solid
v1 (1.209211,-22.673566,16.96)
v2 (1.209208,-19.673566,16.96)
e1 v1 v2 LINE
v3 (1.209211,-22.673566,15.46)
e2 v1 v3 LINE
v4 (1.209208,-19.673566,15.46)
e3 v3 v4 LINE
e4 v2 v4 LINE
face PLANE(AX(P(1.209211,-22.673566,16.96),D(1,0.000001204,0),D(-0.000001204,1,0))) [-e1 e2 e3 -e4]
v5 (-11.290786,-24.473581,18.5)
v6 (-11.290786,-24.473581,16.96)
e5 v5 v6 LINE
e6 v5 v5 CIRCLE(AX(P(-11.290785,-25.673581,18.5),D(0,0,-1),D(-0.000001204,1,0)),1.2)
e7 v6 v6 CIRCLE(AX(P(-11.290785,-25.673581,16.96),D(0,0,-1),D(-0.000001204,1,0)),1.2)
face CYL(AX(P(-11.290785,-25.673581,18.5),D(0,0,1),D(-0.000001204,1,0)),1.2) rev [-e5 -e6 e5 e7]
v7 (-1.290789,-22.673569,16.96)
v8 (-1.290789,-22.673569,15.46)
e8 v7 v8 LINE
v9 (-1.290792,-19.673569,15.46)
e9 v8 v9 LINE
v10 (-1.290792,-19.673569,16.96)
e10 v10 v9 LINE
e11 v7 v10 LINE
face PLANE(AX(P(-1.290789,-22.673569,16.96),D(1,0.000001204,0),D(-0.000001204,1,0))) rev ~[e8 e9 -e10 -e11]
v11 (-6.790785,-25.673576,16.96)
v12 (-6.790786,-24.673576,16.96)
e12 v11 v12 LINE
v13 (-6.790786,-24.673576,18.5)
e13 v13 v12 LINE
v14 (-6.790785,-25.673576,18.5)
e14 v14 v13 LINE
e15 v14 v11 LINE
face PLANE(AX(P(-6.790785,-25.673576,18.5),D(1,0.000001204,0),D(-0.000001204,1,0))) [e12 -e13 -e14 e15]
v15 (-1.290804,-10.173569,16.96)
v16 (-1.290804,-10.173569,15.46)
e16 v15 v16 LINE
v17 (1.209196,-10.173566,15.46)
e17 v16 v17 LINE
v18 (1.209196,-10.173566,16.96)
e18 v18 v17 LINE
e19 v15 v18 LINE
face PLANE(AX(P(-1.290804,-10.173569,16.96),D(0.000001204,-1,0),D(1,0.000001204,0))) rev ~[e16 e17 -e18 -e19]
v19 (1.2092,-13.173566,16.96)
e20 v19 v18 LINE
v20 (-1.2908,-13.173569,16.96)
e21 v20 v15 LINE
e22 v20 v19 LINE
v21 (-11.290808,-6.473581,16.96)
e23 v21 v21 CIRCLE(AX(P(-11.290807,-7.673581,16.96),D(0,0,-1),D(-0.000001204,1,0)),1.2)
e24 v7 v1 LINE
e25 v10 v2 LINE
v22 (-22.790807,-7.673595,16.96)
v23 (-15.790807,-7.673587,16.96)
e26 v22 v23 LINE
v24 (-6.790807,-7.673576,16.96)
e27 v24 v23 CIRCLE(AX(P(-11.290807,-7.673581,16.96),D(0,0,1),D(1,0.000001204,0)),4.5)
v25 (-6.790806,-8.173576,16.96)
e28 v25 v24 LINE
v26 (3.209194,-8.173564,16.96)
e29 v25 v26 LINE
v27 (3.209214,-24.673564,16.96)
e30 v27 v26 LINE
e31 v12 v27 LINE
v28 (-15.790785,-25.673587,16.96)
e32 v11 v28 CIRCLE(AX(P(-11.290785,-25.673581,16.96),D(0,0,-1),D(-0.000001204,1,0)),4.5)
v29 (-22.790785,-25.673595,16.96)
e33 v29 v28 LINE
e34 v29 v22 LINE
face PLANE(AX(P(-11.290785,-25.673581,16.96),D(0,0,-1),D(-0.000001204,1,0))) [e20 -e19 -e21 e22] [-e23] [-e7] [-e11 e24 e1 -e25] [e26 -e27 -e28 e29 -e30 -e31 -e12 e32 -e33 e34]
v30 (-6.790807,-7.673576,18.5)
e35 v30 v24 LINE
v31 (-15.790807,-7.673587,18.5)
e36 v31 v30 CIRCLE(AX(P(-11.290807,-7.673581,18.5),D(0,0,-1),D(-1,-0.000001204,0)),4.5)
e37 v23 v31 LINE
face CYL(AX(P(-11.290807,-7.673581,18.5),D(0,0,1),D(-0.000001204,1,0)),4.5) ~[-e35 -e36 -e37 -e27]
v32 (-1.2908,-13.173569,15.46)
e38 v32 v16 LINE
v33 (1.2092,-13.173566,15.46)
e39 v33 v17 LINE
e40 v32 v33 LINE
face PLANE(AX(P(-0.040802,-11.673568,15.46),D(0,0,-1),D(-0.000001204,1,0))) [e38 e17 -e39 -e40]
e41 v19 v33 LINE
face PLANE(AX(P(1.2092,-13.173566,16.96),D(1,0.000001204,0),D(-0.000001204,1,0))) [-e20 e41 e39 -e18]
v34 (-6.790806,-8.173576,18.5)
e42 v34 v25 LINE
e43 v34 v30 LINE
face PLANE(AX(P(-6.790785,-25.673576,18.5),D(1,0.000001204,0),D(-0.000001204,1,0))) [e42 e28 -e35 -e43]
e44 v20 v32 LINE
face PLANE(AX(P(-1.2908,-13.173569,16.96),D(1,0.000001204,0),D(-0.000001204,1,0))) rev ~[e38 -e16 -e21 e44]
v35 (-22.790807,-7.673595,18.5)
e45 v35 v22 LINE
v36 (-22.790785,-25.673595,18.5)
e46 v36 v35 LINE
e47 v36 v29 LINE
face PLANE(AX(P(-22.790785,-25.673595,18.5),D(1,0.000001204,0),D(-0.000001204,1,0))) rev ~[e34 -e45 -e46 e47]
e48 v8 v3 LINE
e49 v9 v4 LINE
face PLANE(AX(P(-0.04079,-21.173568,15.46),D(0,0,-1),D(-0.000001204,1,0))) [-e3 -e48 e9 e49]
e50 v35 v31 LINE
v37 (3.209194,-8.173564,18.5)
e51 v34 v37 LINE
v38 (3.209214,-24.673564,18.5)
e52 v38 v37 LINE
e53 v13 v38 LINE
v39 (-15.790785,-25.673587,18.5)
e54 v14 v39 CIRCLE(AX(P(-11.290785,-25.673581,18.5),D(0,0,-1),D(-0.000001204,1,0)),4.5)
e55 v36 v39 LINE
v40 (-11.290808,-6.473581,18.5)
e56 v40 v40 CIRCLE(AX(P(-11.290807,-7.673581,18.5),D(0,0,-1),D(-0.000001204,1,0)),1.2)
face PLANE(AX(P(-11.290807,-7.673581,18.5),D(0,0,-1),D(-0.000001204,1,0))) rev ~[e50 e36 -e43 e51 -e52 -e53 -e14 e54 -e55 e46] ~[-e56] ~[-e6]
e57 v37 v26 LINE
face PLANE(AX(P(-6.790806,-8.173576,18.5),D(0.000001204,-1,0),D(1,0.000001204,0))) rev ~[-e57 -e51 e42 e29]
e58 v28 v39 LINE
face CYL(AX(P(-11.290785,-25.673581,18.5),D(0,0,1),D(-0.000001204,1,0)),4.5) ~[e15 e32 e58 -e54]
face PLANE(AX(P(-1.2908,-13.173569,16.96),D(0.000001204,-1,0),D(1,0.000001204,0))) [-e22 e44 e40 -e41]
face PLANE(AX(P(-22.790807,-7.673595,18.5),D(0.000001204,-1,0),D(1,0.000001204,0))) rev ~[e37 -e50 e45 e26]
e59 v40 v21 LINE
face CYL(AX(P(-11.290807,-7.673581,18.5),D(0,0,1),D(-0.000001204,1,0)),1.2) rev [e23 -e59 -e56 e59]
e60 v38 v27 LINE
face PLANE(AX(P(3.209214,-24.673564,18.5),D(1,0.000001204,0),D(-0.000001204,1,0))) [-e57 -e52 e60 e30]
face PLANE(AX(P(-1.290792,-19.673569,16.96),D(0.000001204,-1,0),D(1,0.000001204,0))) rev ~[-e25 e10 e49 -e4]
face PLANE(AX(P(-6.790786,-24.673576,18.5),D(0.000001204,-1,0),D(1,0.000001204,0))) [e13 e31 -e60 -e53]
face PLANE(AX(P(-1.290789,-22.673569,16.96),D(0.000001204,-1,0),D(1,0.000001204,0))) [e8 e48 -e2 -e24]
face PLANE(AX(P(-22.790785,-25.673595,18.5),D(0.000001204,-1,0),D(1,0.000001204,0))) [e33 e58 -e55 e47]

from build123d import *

# Parameters (mm, degrees)
BOX015_W                  = 3
BOX015_H                  = 2.5
BOX015_DEPTH              = 1.5
BOX014_W                  = 3
BOX014_H                  = 2.5
BOX014_DEPTH              = 1.5
CYLINDER009_R             = 1.2
CYLINDER009_DEPTH         = 1.54
CYLINDER010_R             = 1.2
CYLINDER010_DEPTH         = 1.54
CYLINDER011_R             = 4.5
CYLINDER011_DEPTH         = 1.54
CYLINDER012_R             = 4.5
CYLINDER012_DEPTH         = 1.54
BOX013_W                  = 18
BOX013_H                  = 16
BOX013_DEPTH              = 1.54
BOX016_W                  = 16.5
BOX016_H                  = 10
BOX016_DEPTH              = 1.54
FUSION014_ROLL_ANGLE      = 180
FUSION014_PLACEMENT_ANGLE = 90.000069


with BuildPart() as cubo015:
    # Box015 → Box015 (new body)
    with BuildSketch(Plane(origin=(12.5, 21.5, 1.54), x_dir=(1, 0, 0), z_dir=(0, 0, 1))):
        with Locations((1.5, 1.25)):
            Rectangle(BOX015_W, BOX015_H)
    extrude(amount=BOX015_DEPTH)


with BuildPart() as cubo014:
    # Box014 → Box014 (new body)
    with BuildSketch(Plane(origin=(3, 21.5, 1.54), x_dir=(1, 0, 0), z_dir=(0, 0, 1))):
        with Locations((1.5, 1.25)):
            Rectangle(BOX014_W, BOX014_H)
    extrude(amount=BOX014_DEPTH)


with BuildPart() as cilindro008:
    # Cylinder009 → Cylinder009 (new body)
    with BuildSketch(Plane(origin=(0, 11.5, 0), x_dir=(1, 0, 0), z_dir=(0, 0, 1))):
        Circle(CYLINDER009_R)
    extrude(amount=CYLINDER009_DEPTH)


with BuildPart() as cilindro009:
    # Cylinder010 → Cylinder010 (new body)
    with BuildSketch(Plane(origin=(18, 11.5, 0), x_dir=(1, 0, 0), z_dir=(0, 0, 1))):
        Circle(CYLINDER010_R)
    extrude(amount=CYLINDER010_DEPTH)


with BuildPart() as cilindro010:
    # Cylinder011 → Cylinder011 (new body)
    with BuildSketch(Plane(origin=(0, 11.5, 0), x_dir=(1, 0, 0), z_dir=(0, 0, 1))):
        Circle(CYLINDER011_R)
    extrude(amount=CYLINDER011_DEPTH)


with BuildPart() as cilindro011:
    # Cylinder012 → Cylinder012 (new body)
    with BuildSketch(Plane(origin=(18, 11.5, 0), x_dir=(1, 0, 0), z_dir=(0, 0, 1))):
        Circle(CYLINDER012_R)
    extrude(amount=CYLINDER012_DEPTH)


with BuildPart() as cubo013:
    # Box013 → Box013 (new body)
    with BuildSketch(Plane.XY):
        with Locations((9, 8)):
            Rectangle(BOX013_W, BOX013_H)
    extrude(amount=BOX013_DEPTH)


with BuildPart() as sensormodel:
    # Box016 → Box016 (new body)
    with BuildSketch(Plane(origin=(1, 16, 0), x_dir=(1, 0, 0), z_dir=(0, 0, 1))):
        with Locations((8.25, 5)):
            Rectangle(BOX016_W, BOX016_H)
    extrude(amount=BOX016_DEPTH)

    # Fusion011: union Cubo013
    add(cubo013.part)

    # Fusion012: union Cilindro011
    add(cilindro011.part)

    # Fusion013: union Cilindro010
    add(cilindro010.part)

    # Cut013: cut Cilindro009
    add(cilindro009.part, mode=Mode.SUBTRACT)

    # Cut014: cut Cilindro008
    add(cilindro008.part, mode=Mode.SUBTRACT)

    # Fusion014: union Cubo015, Cubo014
    add(cubo015.part)
    add(cubo014.part)


with BuildPart() as sensormodel_1:
    # Fusion014 roll: moved
    add(sensormodel.part.rotate(Axis((0, 0, 0), (1, 0, 0)), FUSION014_ROLL_ANGLE))


with BuildPart() as sensormodel_2:
    # Fusion014 placement: moved
    add(sensormodel_1.part.moved(Location((-22.790785, -25.673595, 18.5))).rotate(Axis((-22.790785, -25.673595, 18.5), (0, 0, 1)), FUSION014_PLACEMENT_ANGLE))


solid = sensormodel_2.part
